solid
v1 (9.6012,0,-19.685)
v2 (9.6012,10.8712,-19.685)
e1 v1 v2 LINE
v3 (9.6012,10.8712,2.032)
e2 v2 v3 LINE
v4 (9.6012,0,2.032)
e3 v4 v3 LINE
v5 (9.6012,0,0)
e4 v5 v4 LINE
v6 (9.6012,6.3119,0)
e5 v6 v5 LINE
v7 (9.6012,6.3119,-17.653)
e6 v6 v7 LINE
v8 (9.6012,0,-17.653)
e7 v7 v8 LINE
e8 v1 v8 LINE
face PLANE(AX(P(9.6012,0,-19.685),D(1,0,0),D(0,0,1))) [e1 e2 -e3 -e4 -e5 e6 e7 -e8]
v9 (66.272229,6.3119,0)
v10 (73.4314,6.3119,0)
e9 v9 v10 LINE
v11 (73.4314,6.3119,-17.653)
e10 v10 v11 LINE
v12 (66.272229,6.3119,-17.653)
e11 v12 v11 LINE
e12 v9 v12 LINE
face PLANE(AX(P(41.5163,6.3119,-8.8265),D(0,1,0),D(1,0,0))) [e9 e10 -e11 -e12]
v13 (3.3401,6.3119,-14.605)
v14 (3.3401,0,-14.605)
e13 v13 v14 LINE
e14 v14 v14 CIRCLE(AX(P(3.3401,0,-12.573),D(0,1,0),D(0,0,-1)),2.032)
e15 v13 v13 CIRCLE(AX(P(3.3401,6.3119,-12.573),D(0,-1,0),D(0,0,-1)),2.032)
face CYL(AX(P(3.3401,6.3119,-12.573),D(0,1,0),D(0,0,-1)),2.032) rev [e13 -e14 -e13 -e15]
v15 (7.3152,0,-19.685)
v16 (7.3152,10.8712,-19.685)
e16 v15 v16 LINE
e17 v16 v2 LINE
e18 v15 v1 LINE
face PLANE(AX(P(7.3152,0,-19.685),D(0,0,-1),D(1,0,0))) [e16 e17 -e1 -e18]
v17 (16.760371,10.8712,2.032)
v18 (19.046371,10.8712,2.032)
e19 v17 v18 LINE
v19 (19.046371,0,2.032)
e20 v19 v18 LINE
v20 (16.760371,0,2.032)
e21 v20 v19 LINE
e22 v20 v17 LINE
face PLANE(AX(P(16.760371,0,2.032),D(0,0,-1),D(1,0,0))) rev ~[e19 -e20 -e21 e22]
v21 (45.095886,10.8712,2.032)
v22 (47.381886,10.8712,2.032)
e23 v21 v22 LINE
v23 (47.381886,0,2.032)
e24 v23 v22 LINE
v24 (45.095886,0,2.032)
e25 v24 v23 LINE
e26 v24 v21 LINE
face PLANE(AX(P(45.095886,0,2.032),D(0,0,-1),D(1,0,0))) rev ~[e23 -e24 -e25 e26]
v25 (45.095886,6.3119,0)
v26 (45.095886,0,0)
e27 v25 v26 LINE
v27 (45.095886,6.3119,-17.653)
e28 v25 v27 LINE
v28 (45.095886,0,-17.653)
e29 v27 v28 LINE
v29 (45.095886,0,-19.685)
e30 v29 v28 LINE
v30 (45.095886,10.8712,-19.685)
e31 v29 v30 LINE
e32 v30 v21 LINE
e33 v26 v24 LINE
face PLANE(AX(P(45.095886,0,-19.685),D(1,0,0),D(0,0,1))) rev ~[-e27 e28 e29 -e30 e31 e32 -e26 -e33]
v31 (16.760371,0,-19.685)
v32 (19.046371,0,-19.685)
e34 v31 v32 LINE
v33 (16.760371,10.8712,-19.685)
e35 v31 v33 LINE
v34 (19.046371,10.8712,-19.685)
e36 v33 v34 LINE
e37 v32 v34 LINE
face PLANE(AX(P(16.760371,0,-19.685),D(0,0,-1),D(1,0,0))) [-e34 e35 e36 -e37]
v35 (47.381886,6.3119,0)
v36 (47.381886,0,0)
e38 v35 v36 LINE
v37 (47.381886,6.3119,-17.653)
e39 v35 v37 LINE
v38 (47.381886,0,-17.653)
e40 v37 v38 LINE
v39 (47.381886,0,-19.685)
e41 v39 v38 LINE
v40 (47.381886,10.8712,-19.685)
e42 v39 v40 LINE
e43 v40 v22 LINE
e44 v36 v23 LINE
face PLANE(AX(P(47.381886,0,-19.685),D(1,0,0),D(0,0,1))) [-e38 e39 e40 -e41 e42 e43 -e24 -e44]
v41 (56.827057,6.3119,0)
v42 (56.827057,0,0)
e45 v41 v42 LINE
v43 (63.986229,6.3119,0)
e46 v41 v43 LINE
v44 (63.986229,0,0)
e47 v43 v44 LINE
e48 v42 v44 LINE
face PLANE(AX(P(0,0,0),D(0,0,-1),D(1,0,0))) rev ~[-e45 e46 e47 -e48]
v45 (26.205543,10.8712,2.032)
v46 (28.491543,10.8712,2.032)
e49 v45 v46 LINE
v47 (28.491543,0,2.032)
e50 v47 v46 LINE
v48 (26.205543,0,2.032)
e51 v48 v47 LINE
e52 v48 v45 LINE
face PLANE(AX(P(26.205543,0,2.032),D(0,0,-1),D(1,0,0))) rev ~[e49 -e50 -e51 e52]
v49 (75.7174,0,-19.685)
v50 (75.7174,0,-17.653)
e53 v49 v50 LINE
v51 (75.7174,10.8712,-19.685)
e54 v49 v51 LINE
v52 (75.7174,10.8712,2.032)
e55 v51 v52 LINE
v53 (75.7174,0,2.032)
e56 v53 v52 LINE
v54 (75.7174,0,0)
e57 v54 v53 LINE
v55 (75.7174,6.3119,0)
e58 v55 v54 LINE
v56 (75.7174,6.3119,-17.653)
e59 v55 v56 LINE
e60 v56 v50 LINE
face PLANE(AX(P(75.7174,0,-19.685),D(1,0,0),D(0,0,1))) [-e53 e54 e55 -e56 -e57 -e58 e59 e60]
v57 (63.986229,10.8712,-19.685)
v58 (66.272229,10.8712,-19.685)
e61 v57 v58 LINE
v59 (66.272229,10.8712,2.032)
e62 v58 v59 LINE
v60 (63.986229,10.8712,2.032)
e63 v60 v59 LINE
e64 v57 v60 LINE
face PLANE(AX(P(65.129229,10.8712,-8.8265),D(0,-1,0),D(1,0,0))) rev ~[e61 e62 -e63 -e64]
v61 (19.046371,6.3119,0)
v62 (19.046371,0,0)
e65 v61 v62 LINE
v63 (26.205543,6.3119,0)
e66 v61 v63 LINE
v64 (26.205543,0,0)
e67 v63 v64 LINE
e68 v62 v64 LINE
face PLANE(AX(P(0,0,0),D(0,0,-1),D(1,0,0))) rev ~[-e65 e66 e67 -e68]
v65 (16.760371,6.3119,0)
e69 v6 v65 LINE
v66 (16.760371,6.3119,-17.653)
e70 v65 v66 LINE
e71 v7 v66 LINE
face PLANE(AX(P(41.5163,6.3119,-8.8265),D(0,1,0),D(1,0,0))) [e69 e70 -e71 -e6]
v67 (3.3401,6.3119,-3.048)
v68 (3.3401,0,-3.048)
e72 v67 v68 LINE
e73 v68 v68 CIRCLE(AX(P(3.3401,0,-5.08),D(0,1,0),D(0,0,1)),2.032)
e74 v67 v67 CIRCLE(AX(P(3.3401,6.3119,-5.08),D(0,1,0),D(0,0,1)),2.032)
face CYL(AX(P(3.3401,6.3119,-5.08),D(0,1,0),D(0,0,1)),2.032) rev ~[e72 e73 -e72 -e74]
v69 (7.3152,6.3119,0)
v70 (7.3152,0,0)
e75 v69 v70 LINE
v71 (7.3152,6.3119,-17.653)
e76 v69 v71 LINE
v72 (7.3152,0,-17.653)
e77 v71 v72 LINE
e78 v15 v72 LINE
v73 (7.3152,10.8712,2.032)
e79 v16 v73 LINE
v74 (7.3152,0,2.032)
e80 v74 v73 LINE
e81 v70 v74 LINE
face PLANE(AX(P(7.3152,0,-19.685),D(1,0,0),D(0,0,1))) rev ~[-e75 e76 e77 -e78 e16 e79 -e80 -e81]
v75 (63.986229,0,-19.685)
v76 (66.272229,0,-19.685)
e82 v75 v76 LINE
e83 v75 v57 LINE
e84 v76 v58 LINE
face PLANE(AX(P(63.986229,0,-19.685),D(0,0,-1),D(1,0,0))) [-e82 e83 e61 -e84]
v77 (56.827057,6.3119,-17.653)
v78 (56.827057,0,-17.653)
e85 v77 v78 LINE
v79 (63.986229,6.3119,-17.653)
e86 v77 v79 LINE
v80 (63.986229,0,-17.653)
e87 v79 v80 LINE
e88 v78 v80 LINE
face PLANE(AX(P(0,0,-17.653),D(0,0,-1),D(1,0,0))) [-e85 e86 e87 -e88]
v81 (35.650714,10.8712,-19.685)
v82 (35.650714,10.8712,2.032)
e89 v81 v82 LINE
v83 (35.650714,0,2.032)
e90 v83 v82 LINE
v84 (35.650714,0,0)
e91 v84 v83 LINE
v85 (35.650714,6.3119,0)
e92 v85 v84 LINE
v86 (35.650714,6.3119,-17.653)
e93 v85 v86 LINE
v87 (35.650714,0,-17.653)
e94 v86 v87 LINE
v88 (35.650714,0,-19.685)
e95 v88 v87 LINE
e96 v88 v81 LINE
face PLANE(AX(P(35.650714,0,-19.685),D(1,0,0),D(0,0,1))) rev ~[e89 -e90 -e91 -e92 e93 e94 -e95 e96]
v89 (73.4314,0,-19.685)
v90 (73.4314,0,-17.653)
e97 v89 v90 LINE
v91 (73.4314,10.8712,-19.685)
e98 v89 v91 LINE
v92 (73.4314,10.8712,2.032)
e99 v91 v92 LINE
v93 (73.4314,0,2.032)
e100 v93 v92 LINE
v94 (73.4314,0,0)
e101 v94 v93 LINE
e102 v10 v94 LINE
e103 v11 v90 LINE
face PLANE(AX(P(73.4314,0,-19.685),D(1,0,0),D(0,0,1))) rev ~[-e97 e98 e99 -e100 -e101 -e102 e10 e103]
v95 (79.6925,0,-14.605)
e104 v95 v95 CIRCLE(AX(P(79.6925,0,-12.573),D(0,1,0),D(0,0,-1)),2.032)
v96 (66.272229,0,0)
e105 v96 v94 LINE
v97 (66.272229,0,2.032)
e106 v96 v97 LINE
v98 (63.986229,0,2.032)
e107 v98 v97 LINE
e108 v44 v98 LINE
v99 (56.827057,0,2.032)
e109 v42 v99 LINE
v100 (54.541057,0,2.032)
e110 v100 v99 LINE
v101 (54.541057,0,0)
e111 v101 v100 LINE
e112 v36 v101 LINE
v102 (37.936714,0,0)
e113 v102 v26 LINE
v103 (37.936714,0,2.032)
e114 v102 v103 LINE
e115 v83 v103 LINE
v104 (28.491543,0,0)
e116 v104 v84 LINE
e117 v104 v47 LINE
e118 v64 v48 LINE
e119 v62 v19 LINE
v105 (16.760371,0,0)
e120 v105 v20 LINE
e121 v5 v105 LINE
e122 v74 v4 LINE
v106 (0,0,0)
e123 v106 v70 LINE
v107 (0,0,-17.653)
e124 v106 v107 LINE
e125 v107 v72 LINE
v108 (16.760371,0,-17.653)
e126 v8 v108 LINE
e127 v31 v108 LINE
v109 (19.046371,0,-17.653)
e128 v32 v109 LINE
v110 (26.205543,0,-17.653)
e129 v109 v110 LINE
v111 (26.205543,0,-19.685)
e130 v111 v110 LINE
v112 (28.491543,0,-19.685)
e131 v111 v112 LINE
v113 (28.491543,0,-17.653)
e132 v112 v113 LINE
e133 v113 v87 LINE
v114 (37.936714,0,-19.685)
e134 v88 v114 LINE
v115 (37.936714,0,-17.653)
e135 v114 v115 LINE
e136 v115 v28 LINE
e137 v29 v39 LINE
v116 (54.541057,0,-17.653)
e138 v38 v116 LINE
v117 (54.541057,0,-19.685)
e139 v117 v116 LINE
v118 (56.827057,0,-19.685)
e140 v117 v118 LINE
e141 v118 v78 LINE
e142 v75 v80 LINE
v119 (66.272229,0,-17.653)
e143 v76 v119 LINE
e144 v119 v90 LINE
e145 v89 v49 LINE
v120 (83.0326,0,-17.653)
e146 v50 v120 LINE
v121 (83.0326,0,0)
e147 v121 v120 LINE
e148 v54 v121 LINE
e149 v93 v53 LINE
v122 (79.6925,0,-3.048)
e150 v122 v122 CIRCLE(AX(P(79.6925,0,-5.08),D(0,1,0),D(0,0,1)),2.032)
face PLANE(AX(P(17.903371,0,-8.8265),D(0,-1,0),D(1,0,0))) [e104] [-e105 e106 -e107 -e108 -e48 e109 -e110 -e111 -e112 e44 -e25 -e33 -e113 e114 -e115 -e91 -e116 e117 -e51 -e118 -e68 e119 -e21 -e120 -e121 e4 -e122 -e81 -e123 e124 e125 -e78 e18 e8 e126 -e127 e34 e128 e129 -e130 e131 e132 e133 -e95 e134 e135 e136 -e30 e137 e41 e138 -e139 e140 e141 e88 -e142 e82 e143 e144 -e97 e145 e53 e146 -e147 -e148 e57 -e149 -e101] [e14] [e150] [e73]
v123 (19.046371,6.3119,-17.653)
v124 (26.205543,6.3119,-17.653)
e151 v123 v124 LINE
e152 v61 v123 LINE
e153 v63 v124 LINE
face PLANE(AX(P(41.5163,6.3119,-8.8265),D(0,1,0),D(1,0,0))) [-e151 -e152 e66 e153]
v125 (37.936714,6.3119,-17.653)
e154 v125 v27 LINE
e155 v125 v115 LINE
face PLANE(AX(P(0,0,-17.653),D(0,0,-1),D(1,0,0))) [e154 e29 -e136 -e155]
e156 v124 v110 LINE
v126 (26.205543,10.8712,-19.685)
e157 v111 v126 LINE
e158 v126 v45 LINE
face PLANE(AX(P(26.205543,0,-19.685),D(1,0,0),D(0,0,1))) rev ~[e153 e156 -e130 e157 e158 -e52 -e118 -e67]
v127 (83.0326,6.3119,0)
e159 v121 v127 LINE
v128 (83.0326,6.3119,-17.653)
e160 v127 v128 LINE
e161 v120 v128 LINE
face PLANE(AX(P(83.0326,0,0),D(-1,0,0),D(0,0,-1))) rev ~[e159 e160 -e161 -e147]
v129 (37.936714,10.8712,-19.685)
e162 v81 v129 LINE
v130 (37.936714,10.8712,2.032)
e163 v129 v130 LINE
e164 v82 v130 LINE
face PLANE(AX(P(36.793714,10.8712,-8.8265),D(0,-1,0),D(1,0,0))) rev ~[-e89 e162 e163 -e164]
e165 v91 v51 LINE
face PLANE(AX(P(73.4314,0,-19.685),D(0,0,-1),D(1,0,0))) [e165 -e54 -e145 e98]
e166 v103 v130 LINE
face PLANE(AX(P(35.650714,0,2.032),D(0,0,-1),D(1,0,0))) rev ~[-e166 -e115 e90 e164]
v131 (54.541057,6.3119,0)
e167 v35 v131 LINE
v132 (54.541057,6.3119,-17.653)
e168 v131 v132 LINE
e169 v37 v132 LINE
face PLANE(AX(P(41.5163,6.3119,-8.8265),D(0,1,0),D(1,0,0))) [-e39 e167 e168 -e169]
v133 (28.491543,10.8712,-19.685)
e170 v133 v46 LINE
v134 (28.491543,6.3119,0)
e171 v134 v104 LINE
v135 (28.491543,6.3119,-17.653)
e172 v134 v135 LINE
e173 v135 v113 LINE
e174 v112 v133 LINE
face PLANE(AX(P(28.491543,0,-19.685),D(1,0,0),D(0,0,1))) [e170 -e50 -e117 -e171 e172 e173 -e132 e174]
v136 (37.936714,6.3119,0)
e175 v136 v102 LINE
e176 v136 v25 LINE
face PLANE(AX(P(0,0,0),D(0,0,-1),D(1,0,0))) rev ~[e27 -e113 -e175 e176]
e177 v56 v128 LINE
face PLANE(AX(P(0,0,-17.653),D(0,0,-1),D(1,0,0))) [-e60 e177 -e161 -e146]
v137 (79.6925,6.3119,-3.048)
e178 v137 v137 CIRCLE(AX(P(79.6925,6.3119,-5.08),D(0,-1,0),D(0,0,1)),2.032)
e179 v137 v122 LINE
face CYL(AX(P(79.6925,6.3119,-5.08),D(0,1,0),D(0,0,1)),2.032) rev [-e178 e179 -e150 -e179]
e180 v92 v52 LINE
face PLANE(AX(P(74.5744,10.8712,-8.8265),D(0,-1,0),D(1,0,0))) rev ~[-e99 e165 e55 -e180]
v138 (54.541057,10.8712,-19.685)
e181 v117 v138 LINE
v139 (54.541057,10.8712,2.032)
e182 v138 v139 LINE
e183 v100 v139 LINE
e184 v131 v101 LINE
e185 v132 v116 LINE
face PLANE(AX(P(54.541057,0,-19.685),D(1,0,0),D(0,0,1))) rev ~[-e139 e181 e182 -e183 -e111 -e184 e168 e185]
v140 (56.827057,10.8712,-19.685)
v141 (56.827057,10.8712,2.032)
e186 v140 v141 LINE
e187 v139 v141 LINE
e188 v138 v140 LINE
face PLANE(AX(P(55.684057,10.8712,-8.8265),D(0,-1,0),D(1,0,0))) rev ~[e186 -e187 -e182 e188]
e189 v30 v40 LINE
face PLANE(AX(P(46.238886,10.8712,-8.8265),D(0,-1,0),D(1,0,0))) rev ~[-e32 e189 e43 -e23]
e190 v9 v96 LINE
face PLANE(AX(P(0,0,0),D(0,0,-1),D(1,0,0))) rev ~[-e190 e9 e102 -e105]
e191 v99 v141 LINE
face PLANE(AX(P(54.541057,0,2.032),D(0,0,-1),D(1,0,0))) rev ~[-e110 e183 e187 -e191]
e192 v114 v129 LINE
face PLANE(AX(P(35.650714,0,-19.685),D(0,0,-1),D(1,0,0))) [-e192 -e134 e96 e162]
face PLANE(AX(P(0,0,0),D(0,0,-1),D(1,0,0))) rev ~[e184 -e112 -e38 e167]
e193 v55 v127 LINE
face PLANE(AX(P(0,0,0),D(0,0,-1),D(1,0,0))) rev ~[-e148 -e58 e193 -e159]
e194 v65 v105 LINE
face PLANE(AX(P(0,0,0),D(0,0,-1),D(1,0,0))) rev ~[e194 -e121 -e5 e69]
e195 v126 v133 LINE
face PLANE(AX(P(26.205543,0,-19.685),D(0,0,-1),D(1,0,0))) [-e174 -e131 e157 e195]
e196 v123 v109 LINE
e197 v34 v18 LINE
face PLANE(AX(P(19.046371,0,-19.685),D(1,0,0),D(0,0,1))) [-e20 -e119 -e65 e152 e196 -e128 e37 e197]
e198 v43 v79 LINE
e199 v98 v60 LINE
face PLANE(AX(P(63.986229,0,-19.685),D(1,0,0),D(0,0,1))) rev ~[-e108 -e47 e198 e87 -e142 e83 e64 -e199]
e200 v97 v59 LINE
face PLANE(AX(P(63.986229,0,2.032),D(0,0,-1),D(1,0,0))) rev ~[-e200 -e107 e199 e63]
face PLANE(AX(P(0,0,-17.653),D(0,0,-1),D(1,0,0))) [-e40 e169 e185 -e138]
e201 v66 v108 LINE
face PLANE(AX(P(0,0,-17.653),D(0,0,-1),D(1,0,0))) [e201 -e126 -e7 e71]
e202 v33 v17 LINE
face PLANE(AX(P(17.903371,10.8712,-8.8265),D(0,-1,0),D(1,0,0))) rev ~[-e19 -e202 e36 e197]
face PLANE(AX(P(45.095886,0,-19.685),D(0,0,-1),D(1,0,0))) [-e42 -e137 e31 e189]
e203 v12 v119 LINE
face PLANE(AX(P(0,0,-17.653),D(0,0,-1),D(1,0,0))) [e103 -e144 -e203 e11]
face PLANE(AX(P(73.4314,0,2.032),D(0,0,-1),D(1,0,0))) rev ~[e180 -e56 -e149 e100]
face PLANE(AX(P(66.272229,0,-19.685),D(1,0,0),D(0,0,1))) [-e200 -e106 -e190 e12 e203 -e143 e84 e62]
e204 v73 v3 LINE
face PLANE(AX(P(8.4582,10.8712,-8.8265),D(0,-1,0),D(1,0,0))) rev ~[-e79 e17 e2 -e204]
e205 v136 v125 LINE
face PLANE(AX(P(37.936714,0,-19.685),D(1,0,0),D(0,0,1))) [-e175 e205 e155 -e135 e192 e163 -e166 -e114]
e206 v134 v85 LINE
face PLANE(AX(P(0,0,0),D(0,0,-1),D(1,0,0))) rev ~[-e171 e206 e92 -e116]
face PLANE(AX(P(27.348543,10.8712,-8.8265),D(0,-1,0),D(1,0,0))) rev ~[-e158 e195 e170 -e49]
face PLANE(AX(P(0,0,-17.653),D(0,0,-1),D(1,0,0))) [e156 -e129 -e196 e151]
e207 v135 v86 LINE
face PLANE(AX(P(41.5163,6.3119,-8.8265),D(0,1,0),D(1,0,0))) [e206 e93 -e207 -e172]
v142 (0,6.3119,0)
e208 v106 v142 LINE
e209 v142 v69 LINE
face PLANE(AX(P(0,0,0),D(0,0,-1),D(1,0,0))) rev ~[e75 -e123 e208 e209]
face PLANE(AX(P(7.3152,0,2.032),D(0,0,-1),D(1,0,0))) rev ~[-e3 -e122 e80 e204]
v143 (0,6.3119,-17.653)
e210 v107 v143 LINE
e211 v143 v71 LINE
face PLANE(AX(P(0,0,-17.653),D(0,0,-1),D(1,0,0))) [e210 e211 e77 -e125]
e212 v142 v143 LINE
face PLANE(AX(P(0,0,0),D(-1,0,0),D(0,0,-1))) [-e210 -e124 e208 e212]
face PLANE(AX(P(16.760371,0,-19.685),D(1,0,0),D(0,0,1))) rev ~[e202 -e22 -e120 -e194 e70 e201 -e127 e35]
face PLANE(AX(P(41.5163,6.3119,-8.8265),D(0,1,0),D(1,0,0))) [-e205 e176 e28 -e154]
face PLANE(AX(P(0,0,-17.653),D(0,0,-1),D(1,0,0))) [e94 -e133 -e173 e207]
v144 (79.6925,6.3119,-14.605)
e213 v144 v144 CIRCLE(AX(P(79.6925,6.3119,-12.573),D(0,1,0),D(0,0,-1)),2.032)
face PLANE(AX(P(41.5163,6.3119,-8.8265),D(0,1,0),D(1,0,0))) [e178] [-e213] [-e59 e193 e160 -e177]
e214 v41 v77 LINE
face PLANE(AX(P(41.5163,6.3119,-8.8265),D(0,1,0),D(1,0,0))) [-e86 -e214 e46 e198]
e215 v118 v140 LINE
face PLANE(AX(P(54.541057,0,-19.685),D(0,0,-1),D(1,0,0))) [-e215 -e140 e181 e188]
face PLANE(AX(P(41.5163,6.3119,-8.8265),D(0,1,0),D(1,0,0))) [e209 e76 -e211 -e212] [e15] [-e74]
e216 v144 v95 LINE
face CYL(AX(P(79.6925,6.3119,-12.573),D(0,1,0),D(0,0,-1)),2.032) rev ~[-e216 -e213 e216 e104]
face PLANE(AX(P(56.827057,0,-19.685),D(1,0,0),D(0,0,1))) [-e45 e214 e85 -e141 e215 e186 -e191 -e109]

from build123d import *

# Parameters (mm, degrees)
SKETCH1_W               = 83.0326
SKETCH1_H               = 17.653
BOSS_EXTRUDE1_DEPTH     = 6.3119
SKETCH5_W               = 2.286
SKETCH5_H               = 21.717
BOSS_EXTRUDE5_DEPTH     = 10.8712
LPATTERN2_COUNT         = 8
LPATTERN2_PITCH         = 9.445171429
SKETCH9_R               = 2.032
CUT_EXTRUDE1_DEPTH      = 86.567236542
MIRROR2_COPY_1_SKETCH_R = 2.032
MIRROR2_COPY_1_DEPTH    = 86.567236542


with BuildPart() as part:
    # Sketch1 → Boss-Extrude1 (new body)
    with BuildSketch(Plane(origin=(0, 0, 0), x_dir=(1, 0, 0), z_dir=(0, 1, 0))):
        with Locations((41.5163, 8.8265)):
            Rectangle(SKETCH1_W, SKETCH1_H)
    extrude(amount=BOSS_EXTRUDE1_DEPTH)

    # Sketch5 → Boss-Extrude5 (add)
    with BuildSketch(Plane.XZ):
        with Locations((8.4582, -8.8265)):
            Rectangle(SKETCH5_W, SKETCH5_H)
    boss_extrude5 = extrude(amount=-BOSS_EXTRUDE5_DEPTH)

    # LPattern2: Boss-Extrude5 ×8
    with Locations(*[(i * LPATTERN2_PITCH, 0, 0) for i in range(1, LPATTERN2_COUNT)]):
        add(boss_extrude5)

    # Sketch9 → Cut-Extrude1 (cut, through all)
    with BuildSketch(Plane(origin=(0, 6.3119, 0), x_dir=(1, 0, 0), z_dir=(0, 1, 0))):
        with Locations(Location((3.3401, 5.08, 0), (0, 0, 270))):
            Circle(SKETCH9_R)
    cut_extrude1 = extrude(amount=-CUT_EXTRUDE1_DEPTH, mode=Mode.SUBTRACT)

    # Mirror1: Cut-Extrude1 across plane
    add(cut_extrude1.mirror(Plane.XY.offset(-8.8265)), mode=Mode.SUBTRACT)

    # Mirror2: Cut-Extrude1 across plane
    add(cut_extrude1.mirror(Plane.ZY.offset(-41.5163)), mode=Mode.SUBTRACT)

    # Mirror2 copy 1 sketch → Mirror2 copy 1 (cut, through all)
    with BuildSketch(Plane(origin=(83.0326, 6.3119, -17.653), x_dir=(-1, 0, 0), z_dir=(0, 1, 0))):
        with Locations(Location((3.3401, 5.08, 0), (0, 0, 270))):
            Circle(MIRROR2_COPY_1_SKETCH_R)
    extrude(amount=-MIRROR2_COPY_1_DEPTH, mode=Mode.SUBTRACT)


solid = part.part
